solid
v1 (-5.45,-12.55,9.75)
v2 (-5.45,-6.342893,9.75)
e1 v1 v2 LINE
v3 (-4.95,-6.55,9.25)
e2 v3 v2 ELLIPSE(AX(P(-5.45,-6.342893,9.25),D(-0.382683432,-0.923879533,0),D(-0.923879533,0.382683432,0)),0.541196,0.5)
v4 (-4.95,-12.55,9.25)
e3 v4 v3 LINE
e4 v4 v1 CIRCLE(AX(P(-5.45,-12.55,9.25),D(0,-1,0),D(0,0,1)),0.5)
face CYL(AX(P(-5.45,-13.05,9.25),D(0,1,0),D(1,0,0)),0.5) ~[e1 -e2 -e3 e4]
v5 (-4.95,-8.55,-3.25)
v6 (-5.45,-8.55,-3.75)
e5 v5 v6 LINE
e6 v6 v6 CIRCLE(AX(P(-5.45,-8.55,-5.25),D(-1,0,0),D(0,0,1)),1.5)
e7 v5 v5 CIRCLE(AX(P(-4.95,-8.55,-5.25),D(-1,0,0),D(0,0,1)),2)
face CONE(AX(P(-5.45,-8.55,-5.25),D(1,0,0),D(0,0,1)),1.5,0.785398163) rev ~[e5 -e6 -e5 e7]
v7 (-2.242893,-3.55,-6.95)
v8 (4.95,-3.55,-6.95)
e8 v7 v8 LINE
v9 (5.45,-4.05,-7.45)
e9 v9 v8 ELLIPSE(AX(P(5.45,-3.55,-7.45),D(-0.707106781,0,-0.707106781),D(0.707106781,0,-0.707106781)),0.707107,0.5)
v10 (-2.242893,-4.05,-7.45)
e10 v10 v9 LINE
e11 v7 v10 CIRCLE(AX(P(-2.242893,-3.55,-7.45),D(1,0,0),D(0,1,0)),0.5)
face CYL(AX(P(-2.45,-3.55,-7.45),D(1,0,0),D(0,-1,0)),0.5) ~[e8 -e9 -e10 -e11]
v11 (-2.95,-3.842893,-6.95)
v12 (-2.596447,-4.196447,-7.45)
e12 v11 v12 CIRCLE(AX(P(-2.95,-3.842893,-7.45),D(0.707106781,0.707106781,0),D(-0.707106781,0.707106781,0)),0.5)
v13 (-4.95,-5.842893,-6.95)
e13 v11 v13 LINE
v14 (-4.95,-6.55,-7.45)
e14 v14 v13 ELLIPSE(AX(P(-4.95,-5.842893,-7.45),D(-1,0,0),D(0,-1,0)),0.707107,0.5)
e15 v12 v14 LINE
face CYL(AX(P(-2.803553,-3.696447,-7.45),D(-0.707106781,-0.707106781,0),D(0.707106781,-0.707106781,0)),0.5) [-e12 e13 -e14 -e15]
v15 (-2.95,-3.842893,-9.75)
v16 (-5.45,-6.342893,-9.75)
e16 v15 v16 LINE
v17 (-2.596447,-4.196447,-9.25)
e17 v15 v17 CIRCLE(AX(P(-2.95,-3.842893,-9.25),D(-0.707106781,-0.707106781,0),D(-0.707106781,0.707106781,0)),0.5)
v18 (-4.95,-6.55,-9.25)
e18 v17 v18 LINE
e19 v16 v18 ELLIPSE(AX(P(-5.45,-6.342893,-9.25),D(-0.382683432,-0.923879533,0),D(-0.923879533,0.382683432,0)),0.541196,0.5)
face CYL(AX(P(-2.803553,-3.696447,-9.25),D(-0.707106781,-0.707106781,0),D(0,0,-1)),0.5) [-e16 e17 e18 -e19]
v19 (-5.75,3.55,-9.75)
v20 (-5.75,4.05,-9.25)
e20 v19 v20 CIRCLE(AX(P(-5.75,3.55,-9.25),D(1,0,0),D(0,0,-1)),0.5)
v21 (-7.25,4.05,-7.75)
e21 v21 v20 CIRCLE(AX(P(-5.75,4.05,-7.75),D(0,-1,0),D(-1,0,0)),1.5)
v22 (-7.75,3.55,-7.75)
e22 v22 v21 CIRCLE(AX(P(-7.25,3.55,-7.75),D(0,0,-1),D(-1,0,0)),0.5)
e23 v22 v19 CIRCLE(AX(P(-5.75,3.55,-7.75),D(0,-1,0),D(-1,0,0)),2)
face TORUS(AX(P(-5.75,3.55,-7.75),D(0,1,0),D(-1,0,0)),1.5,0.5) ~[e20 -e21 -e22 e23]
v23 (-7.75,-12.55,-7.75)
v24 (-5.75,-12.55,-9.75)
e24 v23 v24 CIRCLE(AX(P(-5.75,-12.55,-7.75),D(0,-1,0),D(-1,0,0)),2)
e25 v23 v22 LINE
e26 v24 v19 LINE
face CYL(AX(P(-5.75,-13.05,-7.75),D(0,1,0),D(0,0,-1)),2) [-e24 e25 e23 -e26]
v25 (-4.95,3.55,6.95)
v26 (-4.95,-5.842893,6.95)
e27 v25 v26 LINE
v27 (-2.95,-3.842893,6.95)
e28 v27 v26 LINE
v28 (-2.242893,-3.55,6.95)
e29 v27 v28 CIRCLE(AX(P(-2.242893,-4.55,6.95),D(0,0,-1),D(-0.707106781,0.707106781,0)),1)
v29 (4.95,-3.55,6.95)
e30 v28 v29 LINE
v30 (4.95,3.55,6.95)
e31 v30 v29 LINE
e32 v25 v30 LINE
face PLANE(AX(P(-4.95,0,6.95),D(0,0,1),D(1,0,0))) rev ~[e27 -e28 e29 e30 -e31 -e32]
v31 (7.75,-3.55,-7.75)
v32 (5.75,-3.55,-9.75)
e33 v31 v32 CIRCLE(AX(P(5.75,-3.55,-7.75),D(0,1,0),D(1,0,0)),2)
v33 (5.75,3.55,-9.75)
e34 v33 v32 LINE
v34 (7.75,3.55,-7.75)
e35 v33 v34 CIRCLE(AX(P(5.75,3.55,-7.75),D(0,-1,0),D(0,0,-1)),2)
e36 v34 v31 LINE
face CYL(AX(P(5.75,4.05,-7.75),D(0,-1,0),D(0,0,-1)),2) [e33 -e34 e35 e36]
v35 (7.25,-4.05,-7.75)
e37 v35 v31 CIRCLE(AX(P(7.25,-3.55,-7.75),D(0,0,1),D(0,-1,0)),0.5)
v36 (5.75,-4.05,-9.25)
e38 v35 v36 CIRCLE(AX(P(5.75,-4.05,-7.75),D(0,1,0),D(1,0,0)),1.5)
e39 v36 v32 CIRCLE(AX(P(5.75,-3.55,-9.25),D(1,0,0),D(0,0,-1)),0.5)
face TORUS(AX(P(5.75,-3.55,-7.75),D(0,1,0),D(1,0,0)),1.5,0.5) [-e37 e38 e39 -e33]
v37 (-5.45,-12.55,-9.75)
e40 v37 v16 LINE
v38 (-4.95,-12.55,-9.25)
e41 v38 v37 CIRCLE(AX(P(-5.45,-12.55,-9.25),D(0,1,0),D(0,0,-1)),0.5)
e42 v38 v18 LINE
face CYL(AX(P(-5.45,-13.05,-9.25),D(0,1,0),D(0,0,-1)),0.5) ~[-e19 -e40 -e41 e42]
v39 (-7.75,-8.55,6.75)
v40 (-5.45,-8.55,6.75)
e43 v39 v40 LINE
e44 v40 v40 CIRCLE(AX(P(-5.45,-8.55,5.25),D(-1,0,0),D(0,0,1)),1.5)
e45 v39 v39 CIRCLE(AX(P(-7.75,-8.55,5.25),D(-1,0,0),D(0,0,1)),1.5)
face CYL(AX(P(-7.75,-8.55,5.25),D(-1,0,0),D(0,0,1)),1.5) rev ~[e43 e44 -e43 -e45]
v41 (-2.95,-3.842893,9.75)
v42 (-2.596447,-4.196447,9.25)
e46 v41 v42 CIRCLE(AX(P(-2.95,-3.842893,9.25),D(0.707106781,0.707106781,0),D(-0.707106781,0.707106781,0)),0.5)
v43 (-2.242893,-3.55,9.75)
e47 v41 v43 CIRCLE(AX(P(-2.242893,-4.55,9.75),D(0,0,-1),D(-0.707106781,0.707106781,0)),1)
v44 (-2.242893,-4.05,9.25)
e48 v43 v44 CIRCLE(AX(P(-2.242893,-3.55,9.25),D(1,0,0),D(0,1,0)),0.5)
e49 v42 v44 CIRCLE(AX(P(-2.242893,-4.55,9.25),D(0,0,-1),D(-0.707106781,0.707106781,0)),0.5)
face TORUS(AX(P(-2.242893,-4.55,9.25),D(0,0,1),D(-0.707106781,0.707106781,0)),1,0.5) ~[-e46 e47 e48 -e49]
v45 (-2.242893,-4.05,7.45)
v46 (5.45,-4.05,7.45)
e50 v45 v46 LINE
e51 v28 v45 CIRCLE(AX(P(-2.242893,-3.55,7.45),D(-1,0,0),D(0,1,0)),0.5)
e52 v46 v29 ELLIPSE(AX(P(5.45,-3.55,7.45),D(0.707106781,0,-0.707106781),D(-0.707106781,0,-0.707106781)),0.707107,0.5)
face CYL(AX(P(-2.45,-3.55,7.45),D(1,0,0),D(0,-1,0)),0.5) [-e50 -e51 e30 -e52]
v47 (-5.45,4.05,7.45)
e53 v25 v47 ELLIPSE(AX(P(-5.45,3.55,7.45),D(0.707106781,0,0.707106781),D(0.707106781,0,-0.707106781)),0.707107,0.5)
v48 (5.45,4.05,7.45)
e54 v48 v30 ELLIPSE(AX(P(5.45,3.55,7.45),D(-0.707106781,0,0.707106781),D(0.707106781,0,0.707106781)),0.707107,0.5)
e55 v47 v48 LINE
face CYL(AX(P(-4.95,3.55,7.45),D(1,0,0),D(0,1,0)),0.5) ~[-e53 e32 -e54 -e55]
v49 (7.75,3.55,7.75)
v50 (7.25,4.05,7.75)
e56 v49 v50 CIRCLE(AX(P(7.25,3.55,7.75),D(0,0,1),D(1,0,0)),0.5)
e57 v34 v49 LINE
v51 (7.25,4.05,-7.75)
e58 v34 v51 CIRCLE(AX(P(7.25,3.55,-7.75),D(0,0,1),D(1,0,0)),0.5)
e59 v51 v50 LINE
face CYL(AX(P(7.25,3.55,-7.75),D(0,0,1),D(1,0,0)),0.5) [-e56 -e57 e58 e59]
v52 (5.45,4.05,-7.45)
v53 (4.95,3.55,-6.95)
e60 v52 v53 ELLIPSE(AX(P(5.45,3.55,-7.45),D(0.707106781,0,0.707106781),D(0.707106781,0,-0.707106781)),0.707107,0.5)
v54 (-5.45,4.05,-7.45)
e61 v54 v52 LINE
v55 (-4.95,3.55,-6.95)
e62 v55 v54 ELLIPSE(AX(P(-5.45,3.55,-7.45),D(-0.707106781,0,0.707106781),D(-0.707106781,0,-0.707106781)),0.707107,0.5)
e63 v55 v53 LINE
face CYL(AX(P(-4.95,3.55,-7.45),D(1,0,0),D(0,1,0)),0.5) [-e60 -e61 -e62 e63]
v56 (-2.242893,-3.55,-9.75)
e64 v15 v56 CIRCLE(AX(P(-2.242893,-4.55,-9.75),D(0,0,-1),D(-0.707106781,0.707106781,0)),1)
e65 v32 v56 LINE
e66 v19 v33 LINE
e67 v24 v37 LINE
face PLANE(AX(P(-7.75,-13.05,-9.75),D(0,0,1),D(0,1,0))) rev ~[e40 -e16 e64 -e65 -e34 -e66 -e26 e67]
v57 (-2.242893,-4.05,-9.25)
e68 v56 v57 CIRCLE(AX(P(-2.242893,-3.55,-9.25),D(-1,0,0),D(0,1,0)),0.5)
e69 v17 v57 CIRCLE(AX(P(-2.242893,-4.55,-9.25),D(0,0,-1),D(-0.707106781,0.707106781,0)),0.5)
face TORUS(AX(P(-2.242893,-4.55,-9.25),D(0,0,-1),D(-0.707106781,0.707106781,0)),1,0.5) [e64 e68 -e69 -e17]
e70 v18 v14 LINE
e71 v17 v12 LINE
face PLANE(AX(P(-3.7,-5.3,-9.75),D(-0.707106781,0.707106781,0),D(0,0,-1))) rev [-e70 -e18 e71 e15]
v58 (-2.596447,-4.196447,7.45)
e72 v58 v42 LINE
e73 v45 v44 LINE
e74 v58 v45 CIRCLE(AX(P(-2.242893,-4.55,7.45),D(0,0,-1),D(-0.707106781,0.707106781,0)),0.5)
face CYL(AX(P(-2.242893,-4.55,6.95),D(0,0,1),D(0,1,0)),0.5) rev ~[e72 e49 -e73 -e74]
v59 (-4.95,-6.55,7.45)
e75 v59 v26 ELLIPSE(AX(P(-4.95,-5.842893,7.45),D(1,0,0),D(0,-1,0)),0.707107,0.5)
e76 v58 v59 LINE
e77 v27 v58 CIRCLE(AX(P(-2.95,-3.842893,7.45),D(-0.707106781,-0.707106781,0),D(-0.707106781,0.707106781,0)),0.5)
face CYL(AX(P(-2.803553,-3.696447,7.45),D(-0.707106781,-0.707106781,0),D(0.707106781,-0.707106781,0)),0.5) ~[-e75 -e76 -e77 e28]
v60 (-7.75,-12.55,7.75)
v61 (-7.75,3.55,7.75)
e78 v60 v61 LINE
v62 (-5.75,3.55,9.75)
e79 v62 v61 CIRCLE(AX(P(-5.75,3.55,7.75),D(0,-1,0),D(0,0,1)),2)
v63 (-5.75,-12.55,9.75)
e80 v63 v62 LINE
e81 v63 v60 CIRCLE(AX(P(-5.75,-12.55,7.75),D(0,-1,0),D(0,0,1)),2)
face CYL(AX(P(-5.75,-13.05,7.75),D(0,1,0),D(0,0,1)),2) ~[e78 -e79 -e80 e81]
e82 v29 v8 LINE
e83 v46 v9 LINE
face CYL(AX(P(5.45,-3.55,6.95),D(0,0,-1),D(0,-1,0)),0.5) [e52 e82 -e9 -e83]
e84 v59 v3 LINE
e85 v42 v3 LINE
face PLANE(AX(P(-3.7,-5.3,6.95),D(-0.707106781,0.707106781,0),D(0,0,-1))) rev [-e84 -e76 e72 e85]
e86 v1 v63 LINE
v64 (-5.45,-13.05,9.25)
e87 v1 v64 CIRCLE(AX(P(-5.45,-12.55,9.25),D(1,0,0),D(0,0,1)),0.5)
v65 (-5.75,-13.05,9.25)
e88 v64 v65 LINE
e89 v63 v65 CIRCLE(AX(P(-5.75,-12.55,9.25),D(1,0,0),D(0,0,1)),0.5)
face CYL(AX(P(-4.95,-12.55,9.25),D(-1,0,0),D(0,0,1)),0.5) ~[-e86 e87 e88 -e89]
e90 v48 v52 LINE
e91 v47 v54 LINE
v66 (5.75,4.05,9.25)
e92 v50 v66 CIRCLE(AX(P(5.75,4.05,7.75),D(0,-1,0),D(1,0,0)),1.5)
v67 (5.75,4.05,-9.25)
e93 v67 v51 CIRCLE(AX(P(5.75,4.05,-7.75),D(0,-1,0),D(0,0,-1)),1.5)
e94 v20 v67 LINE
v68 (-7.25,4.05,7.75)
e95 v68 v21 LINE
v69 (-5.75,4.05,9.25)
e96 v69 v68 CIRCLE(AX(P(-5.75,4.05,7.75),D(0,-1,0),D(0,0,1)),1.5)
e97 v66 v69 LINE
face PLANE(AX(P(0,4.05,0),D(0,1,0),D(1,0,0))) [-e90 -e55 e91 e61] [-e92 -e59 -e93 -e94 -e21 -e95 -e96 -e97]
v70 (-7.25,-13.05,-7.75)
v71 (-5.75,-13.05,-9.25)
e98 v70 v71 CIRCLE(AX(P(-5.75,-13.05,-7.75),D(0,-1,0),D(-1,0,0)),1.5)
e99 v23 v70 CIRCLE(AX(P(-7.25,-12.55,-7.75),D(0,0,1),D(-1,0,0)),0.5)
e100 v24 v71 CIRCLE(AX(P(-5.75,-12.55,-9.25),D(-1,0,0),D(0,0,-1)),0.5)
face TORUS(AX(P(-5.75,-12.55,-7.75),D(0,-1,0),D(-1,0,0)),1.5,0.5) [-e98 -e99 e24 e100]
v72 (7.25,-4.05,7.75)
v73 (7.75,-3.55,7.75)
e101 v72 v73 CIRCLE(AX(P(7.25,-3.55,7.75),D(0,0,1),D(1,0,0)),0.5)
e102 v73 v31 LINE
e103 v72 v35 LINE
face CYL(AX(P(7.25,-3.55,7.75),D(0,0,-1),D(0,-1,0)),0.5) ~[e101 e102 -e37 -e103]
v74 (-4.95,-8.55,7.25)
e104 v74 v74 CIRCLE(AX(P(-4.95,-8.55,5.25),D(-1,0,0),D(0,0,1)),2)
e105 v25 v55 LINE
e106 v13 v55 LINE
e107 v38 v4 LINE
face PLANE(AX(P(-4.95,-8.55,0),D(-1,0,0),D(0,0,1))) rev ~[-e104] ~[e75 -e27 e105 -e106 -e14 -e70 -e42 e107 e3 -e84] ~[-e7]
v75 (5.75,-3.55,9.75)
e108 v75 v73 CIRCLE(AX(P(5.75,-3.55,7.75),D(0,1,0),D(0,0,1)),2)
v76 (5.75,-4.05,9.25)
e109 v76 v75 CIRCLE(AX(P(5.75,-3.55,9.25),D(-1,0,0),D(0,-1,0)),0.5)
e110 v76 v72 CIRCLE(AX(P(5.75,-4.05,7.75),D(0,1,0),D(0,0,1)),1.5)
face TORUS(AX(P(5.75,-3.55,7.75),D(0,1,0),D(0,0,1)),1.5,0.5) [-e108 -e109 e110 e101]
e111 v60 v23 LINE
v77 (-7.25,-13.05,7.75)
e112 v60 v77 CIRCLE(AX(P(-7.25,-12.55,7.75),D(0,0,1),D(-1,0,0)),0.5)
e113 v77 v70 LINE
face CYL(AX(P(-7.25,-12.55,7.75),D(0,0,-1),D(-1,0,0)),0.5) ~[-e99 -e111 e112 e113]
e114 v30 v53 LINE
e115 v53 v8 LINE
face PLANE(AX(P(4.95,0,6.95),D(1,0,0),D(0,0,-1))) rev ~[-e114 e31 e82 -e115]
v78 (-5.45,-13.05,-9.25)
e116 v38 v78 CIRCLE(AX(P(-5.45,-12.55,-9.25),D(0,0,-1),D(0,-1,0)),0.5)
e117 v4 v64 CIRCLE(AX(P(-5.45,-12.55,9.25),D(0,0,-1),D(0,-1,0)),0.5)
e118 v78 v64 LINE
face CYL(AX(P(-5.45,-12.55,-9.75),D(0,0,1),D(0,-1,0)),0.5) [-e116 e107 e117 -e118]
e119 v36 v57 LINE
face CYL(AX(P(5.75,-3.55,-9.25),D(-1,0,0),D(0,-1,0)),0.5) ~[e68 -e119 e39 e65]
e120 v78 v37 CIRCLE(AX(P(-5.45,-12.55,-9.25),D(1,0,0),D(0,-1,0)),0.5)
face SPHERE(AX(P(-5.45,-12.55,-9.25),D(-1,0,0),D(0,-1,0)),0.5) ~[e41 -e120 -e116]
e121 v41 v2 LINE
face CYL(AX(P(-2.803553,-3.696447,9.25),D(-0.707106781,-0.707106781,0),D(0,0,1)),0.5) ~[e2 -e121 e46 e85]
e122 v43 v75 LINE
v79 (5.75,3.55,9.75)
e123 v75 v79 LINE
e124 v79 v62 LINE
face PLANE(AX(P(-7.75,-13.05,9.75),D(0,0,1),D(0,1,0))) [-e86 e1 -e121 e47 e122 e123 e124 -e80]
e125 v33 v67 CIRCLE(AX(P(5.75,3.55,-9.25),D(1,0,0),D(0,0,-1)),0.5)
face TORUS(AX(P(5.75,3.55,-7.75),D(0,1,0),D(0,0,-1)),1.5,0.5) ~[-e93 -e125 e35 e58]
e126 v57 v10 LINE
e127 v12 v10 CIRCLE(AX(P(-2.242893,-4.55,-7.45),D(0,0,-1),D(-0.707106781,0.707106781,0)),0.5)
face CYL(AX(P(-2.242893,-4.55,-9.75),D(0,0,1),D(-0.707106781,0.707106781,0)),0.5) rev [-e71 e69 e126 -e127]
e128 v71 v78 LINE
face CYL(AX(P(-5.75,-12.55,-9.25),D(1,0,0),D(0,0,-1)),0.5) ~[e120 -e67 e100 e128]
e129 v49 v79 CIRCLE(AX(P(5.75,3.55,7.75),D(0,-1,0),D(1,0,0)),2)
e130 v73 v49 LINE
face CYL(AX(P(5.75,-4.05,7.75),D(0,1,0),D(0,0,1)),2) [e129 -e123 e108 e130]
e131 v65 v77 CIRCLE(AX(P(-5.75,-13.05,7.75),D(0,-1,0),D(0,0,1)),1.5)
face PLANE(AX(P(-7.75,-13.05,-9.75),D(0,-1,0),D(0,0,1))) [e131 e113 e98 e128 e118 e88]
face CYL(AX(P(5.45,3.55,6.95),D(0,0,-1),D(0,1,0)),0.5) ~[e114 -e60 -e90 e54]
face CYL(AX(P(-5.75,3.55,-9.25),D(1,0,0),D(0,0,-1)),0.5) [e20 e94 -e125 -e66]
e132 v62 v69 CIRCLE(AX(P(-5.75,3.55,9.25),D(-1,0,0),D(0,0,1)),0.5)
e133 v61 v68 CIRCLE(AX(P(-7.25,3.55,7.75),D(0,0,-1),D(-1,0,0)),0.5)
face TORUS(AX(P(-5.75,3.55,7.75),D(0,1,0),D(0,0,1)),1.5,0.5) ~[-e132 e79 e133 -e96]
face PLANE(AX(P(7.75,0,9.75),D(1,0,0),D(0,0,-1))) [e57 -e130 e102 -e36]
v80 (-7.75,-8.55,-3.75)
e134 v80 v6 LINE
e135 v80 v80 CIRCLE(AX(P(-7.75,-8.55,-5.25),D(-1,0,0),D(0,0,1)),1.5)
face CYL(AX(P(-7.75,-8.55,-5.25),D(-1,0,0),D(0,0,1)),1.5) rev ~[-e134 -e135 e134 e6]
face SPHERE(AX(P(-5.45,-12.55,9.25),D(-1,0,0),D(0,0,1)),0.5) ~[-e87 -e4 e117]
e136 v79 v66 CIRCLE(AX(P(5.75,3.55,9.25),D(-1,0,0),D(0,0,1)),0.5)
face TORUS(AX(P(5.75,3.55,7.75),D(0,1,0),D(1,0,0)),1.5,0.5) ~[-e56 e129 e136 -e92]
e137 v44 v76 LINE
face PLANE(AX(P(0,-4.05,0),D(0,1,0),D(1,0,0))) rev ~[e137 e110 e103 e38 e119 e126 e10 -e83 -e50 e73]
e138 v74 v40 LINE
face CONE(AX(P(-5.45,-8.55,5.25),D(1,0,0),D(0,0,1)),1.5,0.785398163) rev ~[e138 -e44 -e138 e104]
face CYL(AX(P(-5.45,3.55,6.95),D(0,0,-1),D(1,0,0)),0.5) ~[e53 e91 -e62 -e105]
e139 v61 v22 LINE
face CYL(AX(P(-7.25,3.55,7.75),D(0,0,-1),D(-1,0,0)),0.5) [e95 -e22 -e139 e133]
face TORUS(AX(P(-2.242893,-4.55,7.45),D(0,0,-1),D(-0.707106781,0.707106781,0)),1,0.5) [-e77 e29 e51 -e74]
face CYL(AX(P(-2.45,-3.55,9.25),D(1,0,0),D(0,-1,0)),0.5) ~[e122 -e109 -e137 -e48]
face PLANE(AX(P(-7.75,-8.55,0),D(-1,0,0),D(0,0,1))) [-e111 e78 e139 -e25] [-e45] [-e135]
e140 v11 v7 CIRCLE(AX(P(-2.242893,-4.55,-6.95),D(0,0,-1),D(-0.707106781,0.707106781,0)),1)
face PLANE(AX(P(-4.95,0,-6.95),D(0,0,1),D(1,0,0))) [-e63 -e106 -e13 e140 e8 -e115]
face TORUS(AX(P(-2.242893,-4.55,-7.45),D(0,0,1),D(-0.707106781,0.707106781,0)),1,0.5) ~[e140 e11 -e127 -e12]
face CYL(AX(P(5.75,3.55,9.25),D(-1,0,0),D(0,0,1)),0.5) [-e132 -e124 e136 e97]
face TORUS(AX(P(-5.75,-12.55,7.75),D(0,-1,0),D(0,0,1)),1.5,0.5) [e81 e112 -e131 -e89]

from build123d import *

# Parameters (mm, degrees)
SKETCH1_W           = 15.5
SKETCH1_H           = 19.5
SKETCH1_W_2         = 9.9
SKETCH1_H_2         = 13.9
BOSS_EXTRUDE1_DEPTH = 4.05
SKETCH2_W           = 19.5
SKETCH2_H           = 9
SKETCH2_R           = 1.5
BOSS_EXTRUDE2_DEPTH = 2.8
CHAMFER1_SIZE       = 2.5
FILLET1_R           = 2
FILLET2_R           = 0.5
CHAMFER2_SIZE       = 0.5


with BuildPart() as part:
    # Sketch1 → Boss-Extrude1 (new body, symmetric)
    with BuildSketch(Plane(origin=(0, 0, 0), x_dir=(1, 0, 0), z_dir=(0, 1, 0))):
        Rectangle(SKETCH1_W, SKETCH1_H)
        Rectangle(SKETCH1_W_2, SKETCH1_H_2, mode=Mode.SUBTRACT)
    extrude(amount=BOSS_EXTRUDE1_DEPTH, both=True)

    # Sketch2 → Boss-Extrude2 (add)
    with BuildSketch(Plane.ZY.offset(7.75)):
        with Locations((0, -8.55)):
            Rectangle(SKETCH2_W, SKETCH2_H)
        with Locations((-5.25, -8.55)):
            Circle(SKETCH2_R, mode=Mode.SUBTRACT)
        with Locations((5.25, -8.55)):
            Circle(SKETCH2_R, mode=Mode.SUBTRACT)
    extrude(amount=-BOSS_EXTRUDE2_DEPTH)

    # Chamfer1
    chamfer1_edges = [part.edges().sort_by_distance(p)[0] for p in [
        (-4.95, -4.05, -8.35),
        (-4.95, -4.05, 8.35),
    ]]
    chamfer(chamfer1_edges, length=CHAMFER1_SIZE)

    # Fillet1
    fillet1_edges = [part.edges().sort_by_distance(p)[0] for p in [
        (-7.75, -4.5, -9.75),
        (7.75, 0, -9.75),
        (7.75, 0, 9.75),
        (-7.75, -4.5, 9.75),
    ]]
    fillet(fillet1_edges, radius=FILLET1_R)

    # Fillet2
    fillet2_edges = [part.edges().sort_by_distance(p)[0] for p in [
        (4.95, -4.05, 0),
        (1.25, -4.05, -6.95),
        (-4.95, 4.05, 0),
        (0, 4.05, 6.95),
        (4.95, 4.05, 0),
        (0, 4.05, -6.95),
        (-5.35, -13.05, -9.75),
        (-4.95, -9.8, 9.75),
        (-4.95, -13.05, 0),
        (-5.35, -13.05, 9.75),
        (1.65, -4.05, 9.75),
        (1.25, -4.05, 6.95),
        (-2.45, -4.05, 8.35),
        (-2.45, -4.05, -8.35),
        (-4.95, -9.8, -9.75),
        (-3.7, -5.3, -9.75),
        (-3.7, -5.3, -6.95),
        (-3.7, -5.3, 6.95),
        (-3.7, -5.3, 9.75),
        (1.65, -4.05, -9.75),
        (0, 4.05, -9.75),
        (7.75, -4.05, 0),
        (7.164213562, -4.05, 9.164213562),
        (7.164213562, -4.05, -9.164213562),
        (7.75, 4.05, 0),
        (-7.75, 4.05, 0),
        (0, 4.05, 9.75),
        (-7.164213562, 4.05, 9.164213562),
        (-7.164213562, 4.05, -9.164213562),
        (7.164213562, 4.05, 9.164213562),
        (7.164213562, 4.05, -9.164213562),
        (-7.75, -13.05, 0),
        (-7.164213562, -13.05, 9.164213562),
        (-7.164213562, -13.05, -9.164213562),
    ]]
    fillet(fillet2_edges, radius=FILLET2_R)

    # Chamfer2
    chamfer2_edges = [part.edges().sort_by_distance(p)[0] for p in [
        (-4.95, -8.55, 3.75),
        (-4.95, -8.55, -6.75),
    ]]
    chamfer(chamfer2_edges, length=CHAMFER2_SIZE)


solid = part.part
